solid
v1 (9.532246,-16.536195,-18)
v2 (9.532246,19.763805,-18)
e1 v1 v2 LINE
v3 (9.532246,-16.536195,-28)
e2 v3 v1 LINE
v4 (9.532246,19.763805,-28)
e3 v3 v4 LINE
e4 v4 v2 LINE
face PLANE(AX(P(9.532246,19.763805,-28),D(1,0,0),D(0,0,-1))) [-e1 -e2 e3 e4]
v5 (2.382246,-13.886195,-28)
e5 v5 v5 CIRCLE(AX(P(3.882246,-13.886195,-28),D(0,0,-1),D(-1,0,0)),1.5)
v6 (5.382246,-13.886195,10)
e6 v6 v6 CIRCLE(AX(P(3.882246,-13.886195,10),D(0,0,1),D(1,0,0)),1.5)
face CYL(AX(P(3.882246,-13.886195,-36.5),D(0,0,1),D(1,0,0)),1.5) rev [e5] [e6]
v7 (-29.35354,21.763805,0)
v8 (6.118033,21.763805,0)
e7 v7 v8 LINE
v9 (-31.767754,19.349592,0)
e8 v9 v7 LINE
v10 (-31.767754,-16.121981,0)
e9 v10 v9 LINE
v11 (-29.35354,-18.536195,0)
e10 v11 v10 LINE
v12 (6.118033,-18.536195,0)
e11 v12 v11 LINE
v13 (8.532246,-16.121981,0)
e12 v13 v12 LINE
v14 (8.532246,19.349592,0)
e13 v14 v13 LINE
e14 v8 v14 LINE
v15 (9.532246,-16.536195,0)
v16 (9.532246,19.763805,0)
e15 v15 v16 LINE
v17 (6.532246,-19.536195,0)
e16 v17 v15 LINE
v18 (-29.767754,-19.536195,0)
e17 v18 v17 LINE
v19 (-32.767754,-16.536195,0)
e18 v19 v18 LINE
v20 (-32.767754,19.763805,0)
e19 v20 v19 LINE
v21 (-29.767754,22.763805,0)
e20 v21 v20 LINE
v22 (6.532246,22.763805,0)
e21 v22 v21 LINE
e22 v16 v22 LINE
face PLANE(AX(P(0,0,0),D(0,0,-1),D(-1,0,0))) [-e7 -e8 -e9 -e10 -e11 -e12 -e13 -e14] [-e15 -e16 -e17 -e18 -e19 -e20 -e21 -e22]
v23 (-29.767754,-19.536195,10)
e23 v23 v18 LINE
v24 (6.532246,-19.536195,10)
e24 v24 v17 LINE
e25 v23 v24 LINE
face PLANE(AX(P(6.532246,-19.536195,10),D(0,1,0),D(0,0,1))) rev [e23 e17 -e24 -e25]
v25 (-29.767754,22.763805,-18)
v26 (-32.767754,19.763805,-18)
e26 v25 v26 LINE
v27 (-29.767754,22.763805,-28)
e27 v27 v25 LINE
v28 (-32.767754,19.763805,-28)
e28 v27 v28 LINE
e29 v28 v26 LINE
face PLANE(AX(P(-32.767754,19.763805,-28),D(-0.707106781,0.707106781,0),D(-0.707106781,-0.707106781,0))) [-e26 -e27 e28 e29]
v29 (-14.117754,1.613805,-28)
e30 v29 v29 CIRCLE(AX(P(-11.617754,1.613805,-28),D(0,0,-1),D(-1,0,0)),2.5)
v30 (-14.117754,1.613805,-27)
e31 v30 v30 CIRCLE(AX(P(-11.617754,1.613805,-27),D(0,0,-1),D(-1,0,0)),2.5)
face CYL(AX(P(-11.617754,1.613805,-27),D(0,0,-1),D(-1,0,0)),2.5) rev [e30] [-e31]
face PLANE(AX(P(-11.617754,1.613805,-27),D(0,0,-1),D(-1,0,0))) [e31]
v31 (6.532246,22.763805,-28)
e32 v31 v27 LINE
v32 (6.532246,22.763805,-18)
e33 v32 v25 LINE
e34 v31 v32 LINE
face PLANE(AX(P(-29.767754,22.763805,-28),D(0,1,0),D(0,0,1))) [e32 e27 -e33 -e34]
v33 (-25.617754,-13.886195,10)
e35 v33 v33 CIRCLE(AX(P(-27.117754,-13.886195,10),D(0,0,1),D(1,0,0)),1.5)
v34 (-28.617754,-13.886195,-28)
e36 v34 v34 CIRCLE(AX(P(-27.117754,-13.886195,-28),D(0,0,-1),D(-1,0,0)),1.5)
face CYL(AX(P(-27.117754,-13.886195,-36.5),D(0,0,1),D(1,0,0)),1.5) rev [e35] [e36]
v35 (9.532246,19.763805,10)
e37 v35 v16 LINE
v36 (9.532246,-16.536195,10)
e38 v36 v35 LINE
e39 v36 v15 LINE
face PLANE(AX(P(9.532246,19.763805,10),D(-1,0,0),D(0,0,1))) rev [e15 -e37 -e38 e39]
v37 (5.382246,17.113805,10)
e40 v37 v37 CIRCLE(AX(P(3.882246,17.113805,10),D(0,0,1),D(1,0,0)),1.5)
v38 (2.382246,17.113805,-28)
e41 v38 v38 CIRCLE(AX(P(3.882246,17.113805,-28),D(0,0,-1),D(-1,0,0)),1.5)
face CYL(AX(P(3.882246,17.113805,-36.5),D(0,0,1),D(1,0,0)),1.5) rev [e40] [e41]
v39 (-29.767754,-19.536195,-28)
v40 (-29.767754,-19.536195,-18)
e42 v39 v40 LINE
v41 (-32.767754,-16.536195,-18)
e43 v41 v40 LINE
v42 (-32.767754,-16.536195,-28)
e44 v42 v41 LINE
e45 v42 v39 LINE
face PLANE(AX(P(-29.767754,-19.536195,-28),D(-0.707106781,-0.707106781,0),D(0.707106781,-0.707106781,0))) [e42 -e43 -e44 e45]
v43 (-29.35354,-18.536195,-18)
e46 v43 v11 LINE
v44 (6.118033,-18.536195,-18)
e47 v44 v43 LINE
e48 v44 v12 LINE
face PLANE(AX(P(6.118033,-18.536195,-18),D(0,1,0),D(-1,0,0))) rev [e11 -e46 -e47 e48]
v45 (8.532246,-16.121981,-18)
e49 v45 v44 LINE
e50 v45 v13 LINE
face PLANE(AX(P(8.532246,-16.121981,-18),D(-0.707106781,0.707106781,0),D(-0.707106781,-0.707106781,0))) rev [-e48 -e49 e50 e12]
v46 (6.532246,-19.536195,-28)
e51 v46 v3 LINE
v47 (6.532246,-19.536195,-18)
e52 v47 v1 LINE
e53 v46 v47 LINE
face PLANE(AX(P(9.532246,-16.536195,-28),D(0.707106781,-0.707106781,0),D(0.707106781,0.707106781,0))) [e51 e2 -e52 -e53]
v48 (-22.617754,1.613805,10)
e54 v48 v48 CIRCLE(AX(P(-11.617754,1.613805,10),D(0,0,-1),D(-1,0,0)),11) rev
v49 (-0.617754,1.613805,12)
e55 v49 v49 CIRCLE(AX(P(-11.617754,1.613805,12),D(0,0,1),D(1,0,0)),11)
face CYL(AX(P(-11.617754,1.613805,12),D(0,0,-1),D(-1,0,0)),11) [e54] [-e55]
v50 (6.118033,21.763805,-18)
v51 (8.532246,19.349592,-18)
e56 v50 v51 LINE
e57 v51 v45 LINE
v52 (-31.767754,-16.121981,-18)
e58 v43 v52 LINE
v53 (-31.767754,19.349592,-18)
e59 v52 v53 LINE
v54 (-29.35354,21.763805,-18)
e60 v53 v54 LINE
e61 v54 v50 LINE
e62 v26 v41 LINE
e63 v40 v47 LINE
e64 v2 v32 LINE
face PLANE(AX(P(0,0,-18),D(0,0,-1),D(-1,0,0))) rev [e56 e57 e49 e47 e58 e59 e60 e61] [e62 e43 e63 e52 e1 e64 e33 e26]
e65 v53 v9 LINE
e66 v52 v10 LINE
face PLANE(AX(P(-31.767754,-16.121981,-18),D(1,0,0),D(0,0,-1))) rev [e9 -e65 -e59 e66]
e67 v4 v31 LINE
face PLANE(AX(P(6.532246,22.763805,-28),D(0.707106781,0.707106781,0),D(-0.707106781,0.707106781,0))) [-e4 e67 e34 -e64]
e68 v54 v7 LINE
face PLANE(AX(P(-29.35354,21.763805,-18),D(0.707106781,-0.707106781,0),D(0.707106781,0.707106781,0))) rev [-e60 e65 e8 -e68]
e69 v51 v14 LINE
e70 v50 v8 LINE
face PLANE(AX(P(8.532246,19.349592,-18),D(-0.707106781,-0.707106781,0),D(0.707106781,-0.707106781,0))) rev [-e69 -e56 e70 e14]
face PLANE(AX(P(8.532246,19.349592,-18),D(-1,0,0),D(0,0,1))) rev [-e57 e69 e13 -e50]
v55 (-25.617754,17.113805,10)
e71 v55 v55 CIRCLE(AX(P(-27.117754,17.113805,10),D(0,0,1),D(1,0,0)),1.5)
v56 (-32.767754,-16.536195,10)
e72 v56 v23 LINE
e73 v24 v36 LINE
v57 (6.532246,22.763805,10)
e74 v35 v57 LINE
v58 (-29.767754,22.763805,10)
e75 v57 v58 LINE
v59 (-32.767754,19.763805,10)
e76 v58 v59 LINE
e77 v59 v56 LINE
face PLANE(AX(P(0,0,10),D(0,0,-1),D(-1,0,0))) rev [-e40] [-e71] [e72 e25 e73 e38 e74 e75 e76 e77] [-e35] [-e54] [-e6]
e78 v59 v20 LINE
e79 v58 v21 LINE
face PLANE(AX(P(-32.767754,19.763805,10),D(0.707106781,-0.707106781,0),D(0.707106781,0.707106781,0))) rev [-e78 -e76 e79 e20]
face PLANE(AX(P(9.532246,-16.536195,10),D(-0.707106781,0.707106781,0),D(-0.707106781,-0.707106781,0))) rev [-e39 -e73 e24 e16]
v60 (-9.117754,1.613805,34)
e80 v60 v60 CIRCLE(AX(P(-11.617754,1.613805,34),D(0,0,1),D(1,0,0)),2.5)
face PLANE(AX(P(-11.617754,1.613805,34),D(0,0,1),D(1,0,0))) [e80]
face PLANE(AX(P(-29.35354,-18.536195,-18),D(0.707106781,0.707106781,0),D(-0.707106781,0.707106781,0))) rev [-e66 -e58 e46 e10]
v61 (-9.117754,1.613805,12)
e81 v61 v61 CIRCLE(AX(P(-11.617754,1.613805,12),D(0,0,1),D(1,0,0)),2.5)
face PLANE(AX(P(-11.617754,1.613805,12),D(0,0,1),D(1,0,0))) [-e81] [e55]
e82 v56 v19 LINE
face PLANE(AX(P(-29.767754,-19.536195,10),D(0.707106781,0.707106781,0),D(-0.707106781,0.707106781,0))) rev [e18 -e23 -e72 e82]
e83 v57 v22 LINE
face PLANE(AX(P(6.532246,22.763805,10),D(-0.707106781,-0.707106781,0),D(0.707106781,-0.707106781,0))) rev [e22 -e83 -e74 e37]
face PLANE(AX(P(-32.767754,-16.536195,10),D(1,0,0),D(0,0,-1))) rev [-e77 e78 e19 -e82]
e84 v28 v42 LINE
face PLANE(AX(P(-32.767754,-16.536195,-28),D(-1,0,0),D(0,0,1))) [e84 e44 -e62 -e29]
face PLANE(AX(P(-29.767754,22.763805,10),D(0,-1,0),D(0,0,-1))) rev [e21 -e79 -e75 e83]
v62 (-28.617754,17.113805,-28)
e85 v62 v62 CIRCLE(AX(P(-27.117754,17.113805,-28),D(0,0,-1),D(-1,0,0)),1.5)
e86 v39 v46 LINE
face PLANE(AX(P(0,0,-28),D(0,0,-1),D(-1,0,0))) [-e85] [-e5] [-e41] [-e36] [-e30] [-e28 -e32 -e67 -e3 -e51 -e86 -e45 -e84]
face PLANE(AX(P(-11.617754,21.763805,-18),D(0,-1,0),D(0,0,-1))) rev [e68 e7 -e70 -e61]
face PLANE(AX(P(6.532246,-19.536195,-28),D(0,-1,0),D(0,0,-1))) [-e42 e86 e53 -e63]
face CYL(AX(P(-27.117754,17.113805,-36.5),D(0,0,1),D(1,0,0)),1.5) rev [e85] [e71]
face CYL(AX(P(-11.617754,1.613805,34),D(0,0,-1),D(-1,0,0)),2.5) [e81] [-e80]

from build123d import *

# Parameters (mm, degrees)
EXTRUDE_1_DEPTH     = 10
SKETCH_2_R          = 11
EXTRUDE_2_DEPTH     = 2
SKETCH_3_R          = 2.5
EXTRUDE_3_DEPTH     = 22
EXTRUDE_4_DEPTH     = 18
EXTRUDE_5_DEPTH     = 10
SKETCH_4_R          = 1.5
CUT_EXTRUDE_1_DEPTH = 46.5
SKETCH_5_R          = 2.5
CUT_EXTRUDE_2_DEPTH = 1


with BuildPart() as part:
    # Эскиз1 → Бобышка-Вытянуть1 (new body)
    with BuildSketch(Plane.XY):
        Polygon((-32.767753805, -16.536194896), (-32.767753805, 19.763805104), (-29.767753805, 22.763805104), (6.532246195, 22.763805104), (9.532246195, 19.763805104), (9.532246195, -16.536194896), (6.532246195, -19.536194896), (-29.767753805, -19.536194896), align=None)
    extrude(amount=EXTRUDE_1_DEPTH)

    # Эскиз2 → Бобышка-Вытянуть2 (add)
    with BuildSketch(Plane.XY.offset(10)):
        with Locations((-11.617753805, 1.613805104)):
            Circle(SKETCH_2_R)
    extrude(amount=EXTRUDE_2_DEPTH)

    # Эскиз3 → Бобышка-Вытянуть3 (add)
    with BuildSketch(Plane.XY.offset(12)):
        with Locations((-11.617753805, 1.613805104)):
            Circle(SKETCH_3_R)
    extrude(amount=EXTRUDE_3_DEPTH)

    # Эскиз6 → Бобышка-Вытянуть4 (add)
    with BuildSketch(Plane(origin=(0, 0, 0), x_dir=(-1, 0, 0), z_dir=(0, 0, -1))):
        Polygon((11.617753805, 21.763805104), (-6.118032632, 21.763805104), (-8.532246195, 19.349591542), (-8.532246195, -16.121981333), (-6.118032632, -18.536194896), (29.353540243, -18.536194896), (31.767753805, -16.121981333), (31.767753805, 19.349591542), (29.353540243, 21.763805104), align=None)
    extrude(amount=EXTRUDE_4_DEPTH)

    # Эскиз7 → Бобышка-Вытянуть5 (add)
    with BuildSketch(Plane.XY.offset(-18)):
        Polygon((-32.767753805, -16.536194896), (-32.767753805, 19.763805104), (-29.767753805, 22.763805104), (6.532246195, 22.763805104), (9.532246195, 19.763805104), (9.532246195, -16.536194896), (6.532246195, -19.536194896), (-29.767753805, -19.536194896), align=None)
    extrude(amount=-EXTRUDE_5_DEPTH)

    # Эскиз4 → Вырез-Вытянуть1 (cut)
    with BuildSketch(Plane.XY.offset(10)):
        with Locations((-27.117753805, 17.113805104)):
            Circle(SKETCH_4_R)
        with Locations((3.882246195, 17.113805104)):
            Circle(SKETCH_4_R)
        with Locations((3.882246195, -13.886194896)):
            Circle(SKETCH_4_R)
        with Locations((-27.117753805, -13.886194896)):
            Circle(SKETCH_4_R)
    extrude(amount=-CUT_EXTRUDE_1_DEPTH, mode=Mode.SUBTRACT)

    # Эскиз5 → Вырез-Вытянуть2 (cut)
    with BuildSketch(Plane(origin=(0, 0, -28), x_dir=(-1, 0, 0), z_dir=(0, 0, -1))):
        with Locations((11.617753805, 1.613805104)):
            Circle(SKETCH_5_R)
    extrude(amount=-CUT_EXTRUDE_2_DEPTH, mode=Mode.SUBTRACT)


solid = part.part
